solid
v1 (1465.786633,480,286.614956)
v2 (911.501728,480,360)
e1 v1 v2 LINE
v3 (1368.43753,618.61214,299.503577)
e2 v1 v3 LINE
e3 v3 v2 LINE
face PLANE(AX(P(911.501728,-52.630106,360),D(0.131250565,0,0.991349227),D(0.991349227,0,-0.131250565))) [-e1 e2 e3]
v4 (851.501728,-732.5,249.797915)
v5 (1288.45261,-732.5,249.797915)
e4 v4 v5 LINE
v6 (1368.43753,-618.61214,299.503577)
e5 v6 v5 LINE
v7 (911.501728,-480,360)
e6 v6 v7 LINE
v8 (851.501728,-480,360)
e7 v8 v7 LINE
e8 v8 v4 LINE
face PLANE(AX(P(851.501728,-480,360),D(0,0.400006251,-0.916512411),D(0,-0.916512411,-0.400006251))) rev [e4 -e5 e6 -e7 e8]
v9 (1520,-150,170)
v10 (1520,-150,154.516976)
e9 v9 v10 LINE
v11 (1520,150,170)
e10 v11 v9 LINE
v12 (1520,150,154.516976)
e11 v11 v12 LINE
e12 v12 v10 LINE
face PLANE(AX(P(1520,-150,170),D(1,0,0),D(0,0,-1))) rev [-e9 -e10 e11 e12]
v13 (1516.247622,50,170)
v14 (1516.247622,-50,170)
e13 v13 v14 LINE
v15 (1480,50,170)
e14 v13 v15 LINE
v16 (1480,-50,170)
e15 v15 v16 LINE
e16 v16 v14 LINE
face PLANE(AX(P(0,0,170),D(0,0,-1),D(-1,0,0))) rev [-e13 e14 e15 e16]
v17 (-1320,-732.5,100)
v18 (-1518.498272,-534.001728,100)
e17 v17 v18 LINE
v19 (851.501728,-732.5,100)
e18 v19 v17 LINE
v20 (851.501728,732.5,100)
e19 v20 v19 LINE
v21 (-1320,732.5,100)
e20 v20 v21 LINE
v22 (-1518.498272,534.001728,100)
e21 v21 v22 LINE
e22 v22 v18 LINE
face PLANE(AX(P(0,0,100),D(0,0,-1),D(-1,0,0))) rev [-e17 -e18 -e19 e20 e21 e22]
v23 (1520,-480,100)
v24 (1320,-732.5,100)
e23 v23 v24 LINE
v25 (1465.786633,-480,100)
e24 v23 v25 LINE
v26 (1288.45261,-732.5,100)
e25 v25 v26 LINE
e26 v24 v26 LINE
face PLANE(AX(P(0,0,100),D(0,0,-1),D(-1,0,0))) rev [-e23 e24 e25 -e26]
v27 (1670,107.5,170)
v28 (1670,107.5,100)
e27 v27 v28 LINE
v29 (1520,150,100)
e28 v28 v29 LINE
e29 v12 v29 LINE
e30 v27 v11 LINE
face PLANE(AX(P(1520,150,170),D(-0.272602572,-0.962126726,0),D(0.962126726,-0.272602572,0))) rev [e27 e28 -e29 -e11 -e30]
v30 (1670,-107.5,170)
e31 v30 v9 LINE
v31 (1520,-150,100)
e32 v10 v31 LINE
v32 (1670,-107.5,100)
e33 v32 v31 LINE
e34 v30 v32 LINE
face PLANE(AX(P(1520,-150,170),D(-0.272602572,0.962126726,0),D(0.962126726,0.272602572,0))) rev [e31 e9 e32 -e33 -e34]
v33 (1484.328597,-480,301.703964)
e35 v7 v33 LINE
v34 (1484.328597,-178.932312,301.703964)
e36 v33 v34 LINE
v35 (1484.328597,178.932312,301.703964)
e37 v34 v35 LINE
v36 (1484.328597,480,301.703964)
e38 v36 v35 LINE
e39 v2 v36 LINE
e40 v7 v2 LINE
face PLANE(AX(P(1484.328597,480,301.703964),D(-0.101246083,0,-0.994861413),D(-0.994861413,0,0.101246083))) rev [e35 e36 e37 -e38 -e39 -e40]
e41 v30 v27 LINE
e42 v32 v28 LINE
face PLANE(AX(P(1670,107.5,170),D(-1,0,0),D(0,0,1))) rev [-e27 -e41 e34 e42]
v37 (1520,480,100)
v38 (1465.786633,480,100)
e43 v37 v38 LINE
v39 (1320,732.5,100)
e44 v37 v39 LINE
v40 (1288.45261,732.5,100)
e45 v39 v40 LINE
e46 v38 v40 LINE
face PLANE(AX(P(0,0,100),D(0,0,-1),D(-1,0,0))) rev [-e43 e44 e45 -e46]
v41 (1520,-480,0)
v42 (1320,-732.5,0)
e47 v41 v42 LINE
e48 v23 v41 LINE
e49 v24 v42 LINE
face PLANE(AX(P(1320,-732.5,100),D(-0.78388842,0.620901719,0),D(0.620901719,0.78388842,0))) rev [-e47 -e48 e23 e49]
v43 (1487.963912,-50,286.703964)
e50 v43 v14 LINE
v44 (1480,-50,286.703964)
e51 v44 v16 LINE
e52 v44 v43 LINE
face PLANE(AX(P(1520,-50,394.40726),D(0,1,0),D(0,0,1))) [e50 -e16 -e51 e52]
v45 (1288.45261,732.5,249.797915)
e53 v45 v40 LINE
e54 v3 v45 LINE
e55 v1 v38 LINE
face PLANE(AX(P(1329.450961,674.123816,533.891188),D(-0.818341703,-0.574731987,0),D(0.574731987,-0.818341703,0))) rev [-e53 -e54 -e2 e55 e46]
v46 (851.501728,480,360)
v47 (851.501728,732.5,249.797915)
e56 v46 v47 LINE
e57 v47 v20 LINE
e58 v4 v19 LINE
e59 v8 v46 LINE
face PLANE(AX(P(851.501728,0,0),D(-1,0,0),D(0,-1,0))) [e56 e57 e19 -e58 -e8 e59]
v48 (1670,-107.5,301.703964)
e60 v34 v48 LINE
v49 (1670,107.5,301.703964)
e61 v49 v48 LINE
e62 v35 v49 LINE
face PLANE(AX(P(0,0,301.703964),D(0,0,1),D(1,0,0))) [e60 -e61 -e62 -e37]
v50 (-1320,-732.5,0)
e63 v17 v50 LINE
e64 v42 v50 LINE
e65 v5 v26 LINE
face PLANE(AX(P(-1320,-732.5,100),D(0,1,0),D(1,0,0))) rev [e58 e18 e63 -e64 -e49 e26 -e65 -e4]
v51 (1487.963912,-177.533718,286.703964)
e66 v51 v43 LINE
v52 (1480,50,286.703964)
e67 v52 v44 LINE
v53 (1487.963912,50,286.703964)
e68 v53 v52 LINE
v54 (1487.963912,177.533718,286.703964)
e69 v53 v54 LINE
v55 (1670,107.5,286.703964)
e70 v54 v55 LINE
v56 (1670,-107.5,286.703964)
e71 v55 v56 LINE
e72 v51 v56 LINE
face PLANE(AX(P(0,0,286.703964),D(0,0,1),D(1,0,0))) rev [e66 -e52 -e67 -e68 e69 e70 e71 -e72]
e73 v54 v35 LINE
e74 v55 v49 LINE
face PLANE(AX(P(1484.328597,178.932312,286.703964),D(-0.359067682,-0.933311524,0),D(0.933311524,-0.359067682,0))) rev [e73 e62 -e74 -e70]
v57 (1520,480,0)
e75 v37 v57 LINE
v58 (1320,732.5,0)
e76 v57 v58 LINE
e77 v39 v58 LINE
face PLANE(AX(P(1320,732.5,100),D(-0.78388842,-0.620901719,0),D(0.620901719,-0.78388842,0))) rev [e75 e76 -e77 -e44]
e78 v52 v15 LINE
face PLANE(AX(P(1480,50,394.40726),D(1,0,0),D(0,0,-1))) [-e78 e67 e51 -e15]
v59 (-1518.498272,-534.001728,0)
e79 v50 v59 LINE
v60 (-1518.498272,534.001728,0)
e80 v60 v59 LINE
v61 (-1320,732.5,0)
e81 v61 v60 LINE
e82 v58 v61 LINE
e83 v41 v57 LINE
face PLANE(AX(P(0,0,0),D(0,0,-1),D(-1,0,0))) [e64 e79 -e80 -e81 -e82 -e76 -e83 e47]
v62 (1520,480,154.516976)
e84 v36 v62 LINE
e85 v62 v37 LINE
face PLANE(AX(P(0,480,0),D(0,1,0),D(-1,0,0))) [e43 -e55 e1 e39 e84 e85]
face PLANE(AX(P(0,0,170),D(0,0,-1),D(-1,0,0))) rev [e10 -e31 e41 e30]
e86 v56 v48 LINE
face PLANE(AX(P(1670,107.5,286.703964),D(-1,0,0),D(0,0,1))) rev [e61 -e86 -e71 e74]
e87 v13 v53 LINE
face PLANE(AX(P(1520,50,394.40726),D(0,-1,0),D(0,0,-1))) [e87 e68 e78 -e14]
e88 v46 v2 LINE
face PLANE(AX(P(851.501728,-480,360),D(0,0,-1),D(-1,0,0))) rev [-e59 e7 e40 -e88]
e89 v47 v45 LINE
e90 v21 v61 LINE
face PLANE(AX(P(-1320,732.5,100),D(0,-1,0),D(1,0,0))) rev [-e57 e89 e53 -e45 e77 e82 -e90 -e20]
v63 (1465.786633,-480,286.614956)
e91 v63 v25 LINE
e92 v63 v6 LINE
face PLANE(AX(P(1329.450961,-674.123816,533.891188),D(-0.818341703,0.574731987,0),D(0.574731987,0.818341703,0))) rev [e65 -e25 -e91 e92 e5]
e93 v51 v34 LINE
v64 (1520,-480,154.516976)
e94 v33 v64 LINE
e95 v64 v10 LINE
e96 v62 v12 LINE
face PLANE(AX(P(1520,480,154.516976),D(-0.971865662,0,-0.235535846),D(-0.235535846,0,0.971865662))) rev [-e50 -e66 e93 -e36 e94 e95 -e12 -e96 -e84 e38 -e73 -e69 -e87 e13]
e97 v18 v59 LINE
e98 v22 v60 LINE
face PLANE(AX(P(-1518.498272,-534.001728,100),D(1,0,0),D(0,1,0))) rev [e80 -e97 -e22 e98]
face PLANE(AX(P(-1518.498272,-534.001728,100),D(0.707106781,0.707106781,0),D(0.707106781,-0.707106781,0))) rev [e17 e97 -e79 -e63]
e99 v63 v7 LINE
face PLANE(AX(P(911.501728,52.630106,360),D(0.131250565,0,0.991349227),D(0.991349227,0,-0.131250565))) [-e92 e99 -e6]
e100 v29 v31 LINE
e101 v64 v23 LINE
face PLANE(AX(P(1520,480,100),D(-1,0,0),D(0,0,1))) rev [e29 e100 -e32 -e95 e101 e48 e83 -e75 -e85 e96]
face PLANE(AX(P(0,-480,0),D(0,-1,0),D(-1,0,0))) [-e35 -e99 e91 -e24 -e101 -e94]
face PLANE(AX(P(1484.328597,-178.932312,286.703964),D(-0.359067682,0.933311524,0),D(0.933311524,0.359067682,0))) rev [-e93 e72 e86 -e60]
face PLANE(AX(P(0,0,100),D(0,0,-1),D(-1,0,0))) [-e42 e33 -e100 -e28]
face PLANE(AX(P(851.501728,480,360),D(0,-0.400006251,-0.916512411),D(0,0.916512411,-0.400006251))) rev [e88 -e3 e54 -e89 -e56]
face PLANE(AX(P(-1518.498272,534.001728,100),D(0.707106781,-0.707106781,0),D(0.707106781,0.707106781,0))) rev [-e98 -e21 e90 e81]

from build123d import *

# Parameters (mm, degrees)
BOSS_EXTRUDE1_DEPTH = 100
BOSS_EXTRUDE2_DEPTH = 30
BOSS_EXTRUDE3_DEPTH = 480
BOSS_EXTRUDE6_DEPTH = 70
BOSS_EXTRUDE7_DEPTH = 15
BOSS_EXTRUDE8_DEPTH = 252.5
BOSS_EXTRUDE9_REACH = 262
SKETCH15_W          = 587.219841395
SKETCH15_H          = 796.289062858
CUT_EXTRUDE1_DEPTH  = 400
SKETCH17_W          = 242.752536278
SKETCH17_H          = 431.304427501
CUT_EXTRUDE2_DEPTH  = 150
SKETCH18_W          = 4260.921249802
SKETCH18_H          = 1605.776736753
CUT_EXTRUDE3_DEPTH  = 1872
SKETCH19_W          = 40
SKETCH19_H          = 100
CUT_EXTRUDE4_DEPTH  = 116.703964


with BuildPart() as part:
    # Sketch1 → Boss-Extrude1 (new body)
    with BuildSketch(Plane.XY):
        Polygon((-1320, -732.5), (-1518.49827194, -534.00172806), (-1518.49827194, 534.00172806), (-1320, 732.5), (1320, 732.5), (1520, 480), (1520, -480), (1320, -732.5), align=None)
    extrude(amount=BOSS_EXTRUDE1_DEPTH)

    # Sketch2 → Boss-Extrude2 (add, symmetric)
    with BuildSketch(Plane.ZY.offset(-881.50172806)):
        Polygon((100, 732.5), (249.797915184, 732.5), (360, 480), (360, -480), (249.797915184, -732.5), (100, -732.5), align=None)
    extrude(amount=BOSS_EXTRUDE2_DEPTH, both=True)

    # Sketch3 → Boss-Extrude3 (add, symmetric)
    with BuildSketch(Plane(origin=(0, 0, 0), x_dir=(1, 0, 0), z_dir=(0, 1, 0))):
        Polygon((1520, -100), (1520, -154.516976287), (1484.328596942, -301.703964205), (911.50172806, -360), (911.50172806, -100), align=None)
    extrude(amount=BOSS_EXTRUDE3_DEPTH, both=True)

    # Sketch10 → Boss-Extrude6 (add)
    with BuildSketch(Plane.XY.offset(100)):
        Polygon((1520, 150), (1670, 107.5), (1670, -107.5), (1520, -150), align=None)
    extrude(amount=BOSS_EXTRUDE6_DEPTH)

    # Sketch11 → Boss-Extrude7 (add)
    with BuildSketch(Plane(origin=(0, 0, 301.703964205), x_dir=(0, -1, 0), z_dir=(0, 0, -1))):
        Polygon((-178.932312311, -1484.328596942), (-107.5, -1670), (107.5, -1670), (159.754145476, -1484.328596942), align=None)
    extrude(amount=BOSS_EXTRUDE7_DEPTH)

    # Sketch14 → Boss-Extrude8 (add)
    with BuildSketch(Plane(origin=(0, 732.5, 0), x_dir=(1, 0, 0), z_dir=(0, 1, 0))):
        Polygon((911.50172806, -100), (911.50172806, -360), (1351.817776589, -301.703964205), (1376.361738529, -100), align=None)
    extrude(amount=-BOSS_EXTRUDE8_DEPTH)

    # Boss-Extrude9: up to this face of the body (flat: up to its plane)
    boss_extrude9_end = Plane(part.part.faces().sort_by_distance((1131.659752325, 606.25, 330.851982103))[0])
    # Sketch16 → Boss-Extrude9 (add, up to the picked face)
    with BuildSketch(Plane.XY.offset(100), mode=Mode.PRIVATE) as boss_extrude9_sk1:
        Polygon((1329.450960679, 674.123815603), (1465.786632852, 480), (1329.450960679, 480), align=None)
    boss_extrude9_tool1 = split(extrude(boss_extrude9_sk1.sketch, amount=BOSS_EXTRUDE9_REACH, mode=Mode.PRIVATE), bisect_by=boss_extrude9_end, keep=Keep.BOTH, mode=Mode.PRIVATE)
    add(boss_extrude9_tool1.solids().sort_by_distance((1374.896185, 544.707939, 100))[0])

    # Sketch15 → Cut-Extrude1 (cut)
    with BuildSketch(Plane(origin=(0, 208.782250156, 478.371332562), x_dir=(1, 0, 0), z_dir=(0, 0.400006251, 0.916512411))):
        with Locations((1205.111648758, 435.889549234)):
            Rectangle(SKETCH15_W, SKETCH15_H)
    extrude(amount=CUT_EXTRUDE1_DEPTH, mode=Mode.SUBTRACT)

    # Sketch17 → Cut-Extrude2 (cut)
    with BuildSketch(Plane(origin=(1207.369633426, 847.951344984, 0), x_dir=(0, 0, -1), z_dir=(0.818341703, 0.574731987, 0))):
        with Locations((-221.376268139, -212.999290638)):
            Rectangle(SKETCH17_W, SKETCH17_H)
    extrude(amount=CUT_EXTRUDE2_DEPTH, mode=Mode.SUBTRACT)

    # Sketch18 → Cut-Extrude3 (cut)
    with BuildSketch(Plane(origin=(0, 0, 0), x_dir=(1, 0, 0), z_dir=(0, 1, 0))):
        with Locations((45.70135603, -435.455529715)):
            Rectangle(SKETCH18_W, SKETCH18_H)
    extrude(amount=-CUT_EXTRUDE3_DEPTH, mode=Mode.SUBTRACT)

    # Mirror1: part across plane


with BuildPart() as part_1:
    add(part.part)
    add(part.part.mirror(Plane.ZX))

    # Sketch19 → Cut-Extrude4 (cut)
    with BuildSketch(Plane.XY.offset(170)):
        with Locations((1500, 0)):
            Rectangle(SKETCH19_W, SKETCH19_H)
    extrude(amount=CUT_EXTRUDE4_DEPTH, mode=Mode.SUBTRACT)


solid = part_1.part
